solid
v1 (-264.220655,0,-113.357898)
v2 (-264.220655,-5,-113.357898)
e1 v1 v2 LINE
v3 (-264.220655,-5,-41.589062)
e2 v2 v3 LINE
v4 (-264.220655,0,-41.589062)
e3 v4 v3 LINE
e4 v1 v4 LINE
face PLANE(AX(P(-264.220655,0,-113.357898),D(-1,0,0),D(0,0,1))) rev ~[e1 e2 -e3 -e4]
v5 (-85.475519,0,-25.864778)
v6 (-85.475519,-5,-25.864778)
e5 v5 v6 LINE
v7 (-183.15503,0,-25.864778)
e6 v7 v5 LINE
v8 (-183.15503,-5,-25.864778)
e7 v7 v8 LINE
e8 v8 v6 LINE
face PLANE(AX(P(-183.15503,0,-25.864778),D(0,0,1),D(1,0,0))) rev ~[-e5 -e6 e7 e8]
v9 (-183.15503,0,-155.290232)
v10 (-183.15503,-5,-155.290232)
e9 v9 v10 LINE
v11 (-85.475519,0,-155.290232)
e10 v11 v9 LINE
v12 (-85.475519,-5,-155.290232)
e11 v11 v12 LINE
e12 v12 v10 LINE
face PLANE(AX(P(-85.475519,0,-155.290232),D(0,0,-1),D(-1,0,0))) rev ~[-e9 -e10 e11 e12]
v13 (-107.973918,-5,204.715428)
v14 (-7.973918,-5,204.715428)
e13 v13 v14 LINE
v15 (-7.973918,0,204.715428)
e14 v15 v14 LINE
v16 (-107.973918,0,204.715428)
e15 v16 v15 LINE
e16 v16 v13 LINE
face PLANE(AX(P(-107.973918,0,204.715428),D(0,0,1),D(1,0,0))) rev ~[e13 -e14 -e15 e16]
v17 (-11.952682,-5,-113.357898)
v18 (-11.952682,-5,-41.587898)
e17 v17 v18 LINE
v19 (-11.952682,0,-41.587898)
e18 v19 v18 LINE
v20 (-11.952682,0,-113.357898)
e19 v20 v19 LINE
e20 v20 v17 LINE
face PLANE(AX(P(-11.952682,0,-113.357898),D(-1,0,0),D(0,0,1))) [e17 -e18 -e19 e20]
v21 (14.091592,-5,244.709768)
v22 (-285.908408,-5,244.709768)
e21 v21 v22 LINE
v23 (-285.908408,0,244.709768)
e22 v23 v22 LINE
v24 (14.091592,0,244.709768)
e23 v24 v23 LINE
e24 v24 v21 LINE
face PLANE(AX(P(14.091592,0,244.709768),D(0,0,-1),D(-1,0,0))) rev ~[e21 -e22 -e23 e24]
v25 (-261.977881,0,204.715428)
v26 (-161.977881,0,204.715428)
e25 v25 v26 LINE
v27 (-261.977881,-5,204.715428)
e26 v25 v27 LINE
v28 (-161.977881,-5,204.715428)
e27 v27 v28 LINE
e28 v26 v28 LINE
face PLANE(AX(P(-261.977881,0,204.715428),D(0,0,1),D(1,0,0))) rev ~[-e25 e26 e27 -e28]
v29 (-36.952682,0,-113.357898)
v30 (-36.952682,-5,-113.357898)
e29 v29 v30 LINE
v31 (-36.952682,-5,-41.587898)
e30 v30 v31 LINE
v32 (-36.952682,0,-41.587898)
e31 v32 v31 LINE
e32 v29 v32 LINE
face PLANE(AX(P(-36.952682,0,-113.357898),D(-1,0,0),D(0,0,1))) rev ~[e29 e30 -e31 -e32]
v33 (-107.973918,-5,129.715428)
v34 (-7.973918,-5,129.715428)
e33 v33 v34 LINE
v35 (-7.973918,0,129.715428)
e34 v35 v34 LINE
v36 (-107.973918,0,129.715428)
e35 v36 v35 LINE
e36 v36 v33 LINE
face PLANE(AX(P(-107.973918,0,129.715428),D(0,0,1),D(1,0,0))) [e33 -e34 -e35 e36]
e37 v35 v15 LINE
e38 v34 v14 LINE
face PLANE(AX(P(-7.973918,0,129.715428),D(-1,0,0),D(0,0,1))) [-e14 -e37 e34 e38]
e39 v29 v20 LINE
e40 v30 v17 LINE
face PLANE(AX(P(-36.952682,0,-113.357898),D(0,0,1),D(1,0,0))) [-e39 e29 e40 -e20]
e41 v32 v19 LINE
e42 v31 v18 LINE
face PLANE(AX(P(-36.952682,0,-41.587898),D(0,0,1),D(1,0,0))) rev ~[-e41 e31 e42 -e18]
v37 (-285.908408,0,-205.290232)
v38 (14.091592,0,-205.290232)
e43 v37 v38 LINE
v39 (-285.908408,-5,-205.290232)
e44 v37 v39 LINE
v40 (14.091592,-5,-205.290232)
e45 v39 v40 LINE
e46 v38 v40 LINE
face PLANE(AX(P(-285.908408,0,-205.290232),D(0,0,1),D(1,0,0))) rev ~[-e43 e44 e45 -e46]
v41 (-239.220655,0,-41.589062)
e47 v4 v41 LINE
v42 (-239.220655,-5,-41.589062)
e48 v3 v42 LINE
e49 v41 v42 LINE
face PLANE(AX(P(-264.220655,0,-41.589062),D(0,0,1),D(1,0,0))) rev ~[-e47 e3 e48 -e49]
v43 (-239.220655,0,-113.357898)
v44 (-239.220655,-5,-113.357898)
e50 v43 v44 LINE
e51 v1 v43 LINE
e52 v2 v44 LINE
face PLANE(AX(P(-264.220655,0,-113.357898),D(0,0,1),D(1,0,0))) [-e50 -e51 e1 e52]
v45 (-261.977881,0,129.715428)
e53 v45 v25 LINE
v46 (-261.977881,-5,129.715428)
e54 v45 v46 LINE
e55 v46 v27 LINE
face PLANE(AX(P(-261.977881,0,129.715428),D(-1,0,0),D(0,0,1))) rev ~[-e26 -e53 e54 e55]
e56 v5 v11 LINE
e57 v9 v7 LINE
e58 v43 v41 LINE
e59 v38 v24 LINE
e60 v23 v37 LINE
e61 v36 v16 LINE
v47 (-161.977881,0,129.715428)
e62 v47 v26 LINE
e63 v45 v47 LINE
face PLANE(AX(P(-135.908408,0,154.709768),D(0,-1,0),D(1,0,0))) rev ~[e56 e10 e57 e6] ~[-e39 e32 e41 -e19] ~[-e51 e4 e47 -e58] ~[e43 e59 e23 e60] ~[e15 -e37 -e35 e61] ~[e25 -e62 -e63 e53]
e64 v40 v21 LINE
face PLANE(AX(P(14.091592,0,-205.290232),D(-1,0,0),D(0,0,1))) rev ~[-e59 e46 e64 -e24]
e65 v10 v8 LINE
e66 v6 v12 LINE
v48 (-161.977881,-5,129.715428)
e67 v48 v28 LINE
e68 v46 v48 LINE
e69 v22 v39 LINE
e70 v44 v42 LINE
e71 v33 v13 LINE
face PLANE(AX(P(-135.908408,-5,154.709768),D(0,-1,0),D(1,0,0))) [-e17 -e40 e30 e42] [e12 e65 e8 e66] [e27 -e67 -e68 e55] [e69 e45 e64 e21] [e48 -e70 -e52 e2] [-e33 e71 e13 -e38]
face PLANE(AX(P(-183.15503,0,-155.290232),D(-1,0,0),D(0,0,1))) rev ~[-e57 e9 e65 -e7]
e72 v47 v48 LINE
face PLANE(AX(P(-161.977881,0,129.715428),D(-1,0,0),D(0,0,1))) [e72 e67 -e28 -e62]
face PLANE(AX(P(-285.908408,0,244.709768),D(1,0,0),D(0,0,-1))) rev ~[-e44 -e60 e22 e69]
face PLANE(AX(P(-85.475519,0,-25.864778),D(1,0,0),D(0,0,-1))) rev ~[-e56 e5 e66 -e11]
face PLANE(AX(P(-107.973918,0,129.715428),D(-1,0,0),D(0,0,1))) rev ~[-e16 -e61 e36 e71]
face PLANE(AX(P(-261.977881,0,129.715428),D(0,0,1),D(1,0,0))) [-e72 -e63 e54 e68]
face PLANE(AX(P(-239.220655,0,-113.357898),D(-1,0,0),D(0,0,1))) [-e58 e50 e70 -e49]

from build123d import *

# Parameters (mm, degrees)
F0_W     = 100
F0_H     = 75
F0_W_2   = 25
F0_H_2   = 71.768835
F0_H_3   = 71.77
F1_DEPTH = 5


with BuildPart() as f1:
    # F0 (on Front) → F1 (new body)
    with BuildSketch(Plane.XZ):
        Polygon((14.091592, 244.709768), (-285.908408, 244.709768), (-285.908408, 129.419536), (-285.908408, 64.709768), (14.091592, 64.709768), (14.091592, 69.656026), align=None)
        with Locations((-211.977881, 167.215428)):
            Rectangle(F0_W, F0_H, mode=Mode.SUBTRACT)
        with Locations((-57.973918, 167.215428)):
            Rectangle(F0_W, F0_H, mode=Mode.SUBTRACT)
        Polygon((14.091592, 64.709768), (-285.908408, 64.709768), (-285.908408, 24.709768), (14.091592, 24.709768), (14.091592, 59.763511), align=None)
        Polygon((14.091592, 24.709768), (-285.908408, 24.709768), (-285.908408, 0), (-285.908408, -205.290232), (-197.684959, -205.290232), (-77.684959, -205.290232), (14.091592, -205.290232), align=None)
        with Locations((-251.720655, -77.47348)):
            Rectangle(F0_W_2, F0_H_2, mode=Mode.SUBTRACT)
        Polygon((-135.837302, -155.290232), (-183.15503, -155.290232), (-183.15503, -25.864778), (-134.315275, -25.864778), (-85.475519, -25.864778), (-85.475519, -155.290232), align=None, mode=Mode.SUBTRACT)
        with Locations((-24.452682, -77.472898)):
            Rectangle(F0_W_2, F0_H_3, mode=Mode.SUBTRACT)
    extrude(amount=F1_DEPTH)


solid = f1.part
